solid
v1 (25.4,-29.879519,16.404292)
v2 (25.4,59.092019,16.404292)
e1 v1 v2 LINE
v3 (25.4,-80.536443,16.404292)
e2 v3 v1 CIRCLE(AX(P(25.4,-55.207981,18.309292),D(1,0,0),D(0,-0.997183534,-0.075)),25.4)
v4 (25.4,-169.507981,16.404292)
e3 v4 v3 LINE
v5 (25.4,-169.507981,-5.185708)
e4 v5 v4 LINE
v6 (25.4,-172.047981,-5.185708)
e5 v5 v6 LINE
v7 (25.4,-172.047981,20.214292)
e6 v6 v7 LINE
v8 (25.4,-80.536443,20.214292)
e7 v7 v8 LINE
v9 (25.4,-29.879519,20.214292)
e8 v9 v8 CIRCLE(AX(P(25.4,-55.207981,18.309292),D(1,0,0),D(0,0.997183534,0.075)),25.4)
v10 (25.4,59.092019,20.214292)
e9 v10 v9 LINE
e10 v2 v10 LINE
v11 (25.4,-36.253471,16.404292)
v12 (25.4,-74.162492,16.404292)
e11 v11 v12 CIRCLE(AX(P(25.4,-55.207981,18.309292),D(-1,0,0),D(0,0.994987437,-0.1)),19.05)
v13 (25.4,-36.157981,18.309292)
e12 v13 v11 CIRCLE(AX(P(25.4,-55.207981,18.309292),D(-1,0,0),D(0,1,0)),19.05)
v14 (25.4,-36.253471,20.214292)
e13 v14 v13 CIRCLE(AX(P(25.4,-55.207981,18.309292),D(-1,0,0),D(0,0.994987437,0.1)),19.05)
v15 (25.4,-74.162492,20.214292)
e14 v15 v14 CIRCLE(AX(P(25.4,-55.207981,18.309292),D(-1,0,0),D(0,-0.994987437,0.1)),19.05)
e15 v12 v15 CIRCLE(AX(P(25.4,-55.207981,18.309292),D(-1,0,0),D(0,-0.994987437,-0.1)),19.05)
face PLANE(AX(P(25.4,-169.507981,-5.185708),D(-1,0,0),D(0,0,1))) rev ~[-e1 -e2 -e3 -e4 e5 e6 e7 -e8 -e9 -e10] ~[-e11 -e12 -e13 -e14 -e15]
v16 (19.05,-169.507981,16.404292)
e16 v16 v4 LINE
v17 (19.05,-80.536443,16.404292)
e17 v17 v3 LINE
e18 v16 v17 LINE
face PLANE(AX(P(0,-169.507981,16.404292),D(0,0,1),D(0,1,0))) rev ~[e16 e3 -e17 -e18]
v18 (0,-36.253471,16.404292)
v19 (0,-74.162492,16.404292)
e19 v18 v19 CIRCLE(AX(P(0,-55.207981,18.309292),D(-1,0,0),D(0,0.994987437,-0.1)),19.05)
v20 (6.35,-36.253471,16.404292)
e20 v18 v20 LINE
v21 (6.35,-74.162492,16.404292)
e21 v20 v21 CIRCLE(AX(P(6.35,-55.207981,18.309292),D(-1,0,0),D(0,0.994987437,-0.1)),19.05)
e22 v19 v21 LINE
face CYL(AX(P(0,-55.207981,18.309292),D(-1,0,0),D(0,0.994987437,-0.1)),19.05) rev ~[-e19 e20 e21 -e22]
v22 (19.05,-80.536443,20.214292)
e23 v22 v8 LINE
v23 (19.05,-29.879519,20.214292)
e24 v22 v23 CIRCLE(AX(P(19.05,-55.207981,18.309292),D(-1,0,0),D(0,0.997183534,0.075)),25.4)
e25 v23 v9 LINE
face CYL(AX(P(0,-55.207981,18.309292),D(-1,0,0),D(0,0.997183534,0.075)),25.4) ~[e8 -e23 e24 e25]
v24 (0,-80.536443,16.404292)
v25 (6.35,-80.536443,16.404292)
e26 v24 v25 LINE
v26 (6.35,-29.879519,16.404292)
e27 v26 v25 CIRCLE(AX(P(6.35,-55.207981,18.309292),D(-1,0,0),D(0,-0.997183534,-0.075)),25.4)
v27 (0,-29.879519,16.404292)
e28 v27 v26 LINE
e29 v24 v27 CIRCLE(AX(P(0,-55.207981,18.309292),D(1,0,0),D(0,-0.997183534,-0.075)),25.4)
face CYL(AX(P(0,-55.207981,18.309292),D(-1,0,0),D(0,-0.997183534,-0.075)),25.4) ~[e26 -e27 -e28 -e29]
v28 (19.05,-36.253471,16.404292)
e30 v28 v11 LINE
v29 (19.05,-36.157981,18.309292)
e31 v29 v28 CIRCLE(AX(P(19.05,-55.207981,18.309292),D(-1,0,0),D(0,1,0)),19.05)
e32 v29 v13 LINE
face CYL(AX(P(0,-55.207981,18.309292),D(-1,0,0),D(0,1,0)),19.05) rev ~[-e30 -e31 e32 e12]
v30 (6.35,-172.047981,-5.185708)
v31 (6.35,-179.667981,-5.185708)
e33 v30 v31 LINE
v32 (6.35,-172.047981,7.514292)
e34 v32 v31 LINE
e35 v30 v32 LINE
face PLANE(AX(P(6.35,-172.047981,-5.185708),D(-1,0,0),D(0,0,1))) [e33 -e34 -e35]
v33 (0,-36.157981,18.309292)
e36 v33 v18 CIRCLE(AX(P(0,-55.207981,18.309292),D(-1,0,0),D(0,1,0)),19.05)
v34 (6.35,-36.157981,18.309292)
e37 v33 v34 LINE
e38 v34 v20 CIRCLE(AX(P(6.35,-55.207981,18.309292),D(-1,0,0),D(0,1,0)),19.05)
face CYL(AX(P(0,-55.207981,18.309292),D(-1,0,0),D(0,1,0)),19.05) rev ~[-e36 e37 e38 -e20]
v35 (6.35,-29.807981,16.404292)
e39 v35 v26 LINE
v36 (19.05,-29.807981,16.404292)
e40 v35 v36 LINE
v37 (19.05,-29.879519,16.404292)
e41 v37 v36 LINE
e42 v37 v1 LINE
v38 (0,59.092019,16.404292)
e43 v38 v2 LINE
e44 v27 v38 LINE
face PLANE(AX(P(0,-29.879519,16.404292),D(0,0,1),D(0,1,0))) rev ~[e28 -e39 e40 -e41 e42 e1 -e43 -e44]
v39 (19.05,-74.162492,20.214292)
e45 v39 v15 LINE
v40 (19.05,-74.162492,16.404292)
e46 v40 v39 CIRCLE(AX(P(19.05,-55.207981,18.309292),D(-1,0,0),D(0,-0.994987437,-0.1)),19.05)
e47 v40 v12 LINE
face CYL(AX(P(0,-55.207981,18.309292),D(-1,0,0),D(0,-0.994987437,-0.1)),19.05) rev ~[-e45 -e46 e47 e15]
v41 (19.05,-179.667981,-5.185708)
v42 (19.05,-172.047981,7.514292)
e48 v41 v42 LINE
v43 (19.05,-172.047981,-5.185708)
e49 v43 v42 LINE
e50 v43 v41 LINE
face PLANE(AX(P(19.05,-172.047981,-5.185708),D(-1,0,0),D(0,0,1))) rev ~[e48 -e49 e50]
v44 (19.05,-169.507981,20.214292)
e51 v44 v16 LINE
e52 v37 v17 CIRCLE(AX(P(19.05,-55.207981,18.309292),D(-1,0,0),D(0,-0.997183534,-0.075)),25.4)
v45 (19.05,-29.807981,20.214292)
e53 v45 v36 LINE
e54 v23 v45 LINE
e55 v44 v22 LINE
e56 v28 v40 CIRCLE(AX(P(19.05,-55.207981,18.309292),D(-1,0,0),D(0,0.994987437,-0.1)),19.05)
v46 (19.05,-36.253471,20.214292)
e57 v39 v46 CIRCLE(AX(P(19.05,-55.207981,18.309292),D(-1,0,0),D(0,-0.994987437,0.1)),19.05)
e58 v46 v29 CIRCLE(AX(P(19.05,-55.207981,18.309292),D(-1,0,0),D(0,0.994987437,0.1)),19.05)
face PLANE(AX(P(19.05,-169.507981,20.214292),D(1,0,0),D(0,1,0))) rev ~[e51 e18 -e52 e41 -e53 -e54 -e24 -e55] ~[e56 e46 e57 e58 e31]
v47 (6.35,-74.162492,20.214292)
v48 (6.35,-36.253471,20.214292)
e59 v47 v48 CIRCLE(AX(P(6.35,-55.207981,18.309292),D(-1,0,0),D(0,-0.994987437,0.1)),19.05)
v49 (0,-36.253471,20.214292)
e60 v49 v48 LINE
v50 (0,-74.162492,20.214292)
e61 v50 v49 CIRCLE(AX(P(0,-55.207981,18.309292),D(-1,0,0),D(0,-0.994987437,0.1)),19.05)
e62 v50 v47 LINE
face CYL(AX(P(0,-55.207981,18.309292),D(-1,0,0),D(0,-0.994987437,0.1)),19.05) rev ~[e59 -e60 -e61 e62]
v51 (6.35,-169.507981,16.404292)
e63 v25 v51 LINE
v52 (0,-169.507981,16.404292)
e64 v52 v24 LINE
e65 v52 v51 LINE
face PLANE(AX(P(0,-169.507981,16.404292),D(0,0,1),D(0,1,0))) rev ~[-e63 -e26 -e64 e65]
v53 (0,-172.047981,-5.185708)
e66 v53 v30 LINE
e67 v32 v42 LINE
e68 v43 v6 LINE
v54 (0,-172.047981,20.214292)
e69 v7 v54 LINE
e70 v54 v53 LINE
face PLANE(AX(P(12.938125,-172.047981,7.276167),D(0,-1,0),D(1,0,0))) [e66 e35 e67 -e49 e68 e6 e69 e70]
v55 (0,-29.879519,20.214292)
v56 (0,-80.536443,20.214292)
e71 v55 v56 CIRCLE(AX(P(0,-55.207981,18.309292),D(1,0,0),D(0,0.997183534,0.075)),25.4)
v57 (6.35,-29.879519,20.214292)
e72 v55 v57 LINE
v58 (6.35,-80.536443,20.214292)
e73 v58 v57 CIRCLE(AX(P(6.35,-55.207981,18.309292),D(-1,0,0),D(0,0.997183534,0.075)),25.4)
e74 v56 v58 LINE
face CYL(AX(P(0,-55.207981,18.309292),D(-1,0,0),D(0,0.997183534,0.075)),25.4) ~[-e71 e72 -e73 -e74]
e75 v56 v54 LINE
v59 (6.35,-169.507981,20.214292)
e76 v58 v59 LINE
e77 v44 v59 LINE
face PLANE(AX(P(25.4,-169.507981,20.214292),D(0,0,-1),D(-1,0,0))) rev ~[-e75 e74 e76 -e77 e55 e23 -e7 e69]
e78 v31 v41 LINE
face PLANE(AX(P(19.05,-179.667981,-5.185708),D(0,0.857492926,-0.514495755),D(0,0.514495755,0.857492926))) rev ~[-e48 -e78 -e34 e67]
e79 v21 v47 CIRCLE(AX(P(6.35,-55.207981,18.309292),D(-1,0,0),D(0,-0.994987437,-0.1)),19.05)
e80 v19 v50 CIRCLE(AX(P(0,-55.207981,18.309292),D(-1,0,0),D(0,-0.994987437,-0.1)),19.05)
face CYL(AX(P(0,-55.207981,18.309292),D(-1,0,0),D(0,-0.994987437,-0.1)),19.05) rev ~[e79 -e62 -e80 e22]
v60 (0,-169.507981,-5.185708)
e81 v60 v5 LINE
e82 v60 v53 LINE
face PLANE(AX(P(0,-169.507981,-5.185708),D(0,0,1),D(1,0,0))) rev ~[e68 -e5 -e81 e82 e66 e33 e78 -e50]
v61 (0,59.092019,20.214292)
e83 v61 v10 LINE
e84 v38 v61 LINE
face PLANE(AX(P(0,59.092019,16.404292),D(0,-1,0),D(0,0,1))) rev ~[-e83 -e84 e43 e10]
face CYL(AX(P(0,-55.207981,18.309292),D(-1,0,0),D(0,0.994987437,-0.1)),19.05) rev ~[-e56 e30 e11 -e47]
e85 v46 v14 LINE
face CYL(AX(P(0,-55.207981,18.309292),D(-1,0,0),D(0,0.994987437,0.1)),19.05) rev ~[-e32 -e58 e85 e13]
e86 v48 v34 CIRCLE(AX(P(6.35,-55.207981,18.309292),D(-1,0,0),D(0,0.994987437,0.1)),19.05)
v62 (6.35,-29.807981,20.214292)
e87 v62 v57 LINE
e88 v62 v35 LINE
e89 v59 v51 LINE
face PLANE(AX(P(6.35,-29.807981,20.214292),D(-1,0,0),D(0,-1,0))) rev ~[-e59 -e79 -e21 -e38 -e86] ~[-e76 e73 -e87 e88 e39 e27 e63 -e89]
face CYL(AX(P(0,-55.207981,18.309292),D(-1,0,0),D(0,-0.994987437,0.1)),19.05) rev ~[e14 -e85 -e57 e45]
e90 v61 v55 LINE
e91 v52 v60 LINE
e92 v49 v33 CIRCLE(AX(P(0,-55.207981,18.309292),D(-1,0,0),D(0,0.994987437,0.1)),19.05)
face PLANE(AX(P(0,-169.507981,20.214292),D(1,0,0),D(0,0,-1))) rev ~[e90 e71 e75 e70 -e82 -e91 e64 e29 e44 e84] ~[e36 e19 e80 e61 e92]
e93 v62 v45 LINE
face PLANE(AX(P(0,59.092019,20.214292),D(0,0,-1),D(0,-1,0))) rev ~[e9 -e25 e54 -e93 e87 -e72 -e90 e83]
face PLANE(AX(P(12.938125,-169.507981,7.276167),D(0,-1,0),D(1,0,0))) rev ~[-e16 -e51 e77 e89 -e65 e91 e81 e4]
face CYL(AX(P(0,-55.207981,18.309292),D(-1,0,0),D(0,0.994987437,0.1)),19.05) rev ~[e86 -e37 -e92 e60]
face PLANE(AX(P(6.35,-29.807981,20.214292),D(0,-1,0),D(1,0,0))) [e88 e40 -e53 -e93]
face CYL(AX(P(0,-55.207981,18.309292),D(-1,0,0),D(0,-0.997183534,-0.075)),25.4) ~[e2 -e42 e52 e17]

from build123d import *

# Parameters (mm, degrees)
F0_W          = 88.9
F0_H          = 1.905
F1_DEPTH      = 25.4
F2_W          = 12.7
F2_H          = 88.9715382425
F2_H_2        = 50.7284617575
F3_DEPTH      = 50.8
F3_DEPTH_BACK = 25.4
F4_W          = 6.35
F4_H          = 3.81
F5_DEPTH      = 2.54
F6_W          = 12.7
F6_H          = 12.7
F7_DEPTH      = 7.62
F9_DEPTH      = 25.4


with BuildPart() as f1:
    # F0 (on Right) → F1 (new body)
    with BuildSketch(Plane.YZ):
        with Locations((14.6420187533, 19.2617916149)):
            Rectangle(F0_W, F0_H)
        with Locations((14.6420187533, 17.3567916149)):
            Rectangle(F0_W, F0_H)
        with BuildLine():
            ThreePointArc((-29.8795194892, 20.2142916149), (-29.8258721082, 19.2624629951), (-29.8079812467, 18.3092916149))
            Line((-29.8079812467, 18.3092916149), (-29.8079812467, 20.2142916149))
            Line((-29.8079812467, 20.2142916149), (-29.8795194892, 20.2142916149))
        make_face()
        with BuildLine():
            Line((-29.8079812467, 16.4042916149), (-29.8079812467, 18.3092916149))
            ThreePointArc((-29.8079812467, 18.3092916149), (-29.8258721082, 17.3561202347), (-29.8795194892, 16.4042916149))
            Line((-29.8795194892, 16.4042916149), (-29.8079812467, 16.4042916149))
        make_face()
        with BuildLine():
            ThreePointArc((-29.8795194892, 16.4042916149), (-29.8258721082, 17.3561202347), (-29.8079812467, 18.3092916149))
            ThreePointArc((-29.8079812467, 18.3092916149), (-29.8258721082, 19.2624629951), (-29.8795194892, 20.2142916149))
            Line((-29.8795194892, 20.2142916149), (-36.2534705698, 20.2142916149))
            ThreePointArc((-36.2534705698, 20.2142916149), (-36.181868554, 19.2629874798), (-36.1579812467, 18.3092916149))
            ThreePointArc((-36.1579812467, 18.3092916149), (-36.181868554, 17.35559575), (-36.2534705698, 16.4042916149))
            Line((-36.2534705698, 16.4042916149), (-29.8795194892, 16.4042916149))
        make_face()
        with BuildLine():
            Line((-36.2534705698, 20.2142916149), (-29.8795194892, 20.2142916149))
            ThreePointArc((-29.8795194892, 20.2142916149), (-55.2079812467, 43.7092916149), (-80.5364430042, 20.2142916149))
            Line((-80.5364430042, 20.2142916149), (-74.1624919236, 20.2142916149))
            ThreePointArc((-74.1624919236, 20.2142916149), (-55.2079812467, 37.3592916149), (-36.2534705698, 20.2142916149))
        make_face()
        with BuildLine():
            ThreePointArc((-80.5364430042, 16.4042916149), (-55.2079812467, -7.0907083851), (-29.8795194892, 16.4042916149))
            Line((-29.8795194892, 16.4042916149), (-36.2534705698, 16.4042916149))
            ThreePointArc((-36.2534705698, 16.4042916149), (-55.2079812467, -0.7407083851), (-74.1624919236, 16.4042916149))
            Line((-74.1624919236, 16.4042916149), (-80.5364430042, 16.4042916149))
        make_face()
        with BuildLine():
            Line((-74.1624919236, 20.2142916149), (-80.5364430042, 20.2142916149))
            ThreePointArc((-80.5364430042, 20.2142916149), (-80.6079812467, 18.3092916149), (-80.5364430042, 16.4042916149))
            Line((-80.5364430042, 16.4042916149), (-74.1624919236, 16.4042916149))
            ThreePointArc((-74.1624919236, 16.4042916149), (-74.2579812467, 18.3092916149), (-74.1624919236, 20.2142916149))
        make_face()
        with BuildLine():
            ThreePointArc((-80.5364430042, 16.4042916149), (-80.6079812467, 18.3092916149), (-80.5364430042, 20.2142916149))
            Line((-80.5364430042, 20.2142916149), (-169.5079812467, 20.2142916149))
            Line((-169.5079812467, 20.2142916149), (-169.5079812467, 16.4042916149))
            Line((-169.5079812467, 16.4042916149), (-80.5364430042, 16.4042916149))
        make_face()
    extrude(amount=F1_DEPTH)

    # F2 (on face) → F3 (cut, two sides)
    with BuildSketch(Plane.XY.offset(20.2142916149)) as f3_sk:
        with Locations((12.7, -125.0222121254)):
            Rectangle(F2_W, F2_H)
        with Locations((12.7, -55.1722121254)):
            Rectangle(F2_W, F2_H_2)
    extrude(amount=-F3_DEPTH, mode=Mode.SUBTRACT)
    extrude(f3_sk.sketch, amount=F3_DEPTH_BACK, mode=Mode.SUBTRACT)

    # F4 (on face) → F5 (join)
    with BuildSketch(Plane.XZ.offset(169.5079812467)):
        Polygon((25.4, 20.2142916149), (6.35, 20.2142916149), (6.35, 16.4042916149), (0, 16.4042916149), (0, -5.1857083851), (25.4, -5.1857083851), align=None)
        with Locations((3.175, 18.3092916149)):
            Rectangle(F4_W, F4_H)
    extrude(amount=F5_DEPTH)

    # F6 (on face) → F7 (join)
    with BuildSketch(Plane.XZ.offset(172.0479812467)):
        with Locations((12.7, 1.1642916149)):
            Rectangle(F6_W, F6_H)
    extrude(amount=F7_DEPTH)

    # F8 (on face) → F9 (cut)
    with BuildSketch(Plane.YZ.offset(19.05)):
        Polygon((-179.6679812467, 7.5142916149), (-179.6679812467, -5.1857083851), (-172.0479812467, 7.5142916149), align=None)
    extrude(amount=-F9_DEPTH, mode=Mode.SUBTRACT)


solid = f1.part
